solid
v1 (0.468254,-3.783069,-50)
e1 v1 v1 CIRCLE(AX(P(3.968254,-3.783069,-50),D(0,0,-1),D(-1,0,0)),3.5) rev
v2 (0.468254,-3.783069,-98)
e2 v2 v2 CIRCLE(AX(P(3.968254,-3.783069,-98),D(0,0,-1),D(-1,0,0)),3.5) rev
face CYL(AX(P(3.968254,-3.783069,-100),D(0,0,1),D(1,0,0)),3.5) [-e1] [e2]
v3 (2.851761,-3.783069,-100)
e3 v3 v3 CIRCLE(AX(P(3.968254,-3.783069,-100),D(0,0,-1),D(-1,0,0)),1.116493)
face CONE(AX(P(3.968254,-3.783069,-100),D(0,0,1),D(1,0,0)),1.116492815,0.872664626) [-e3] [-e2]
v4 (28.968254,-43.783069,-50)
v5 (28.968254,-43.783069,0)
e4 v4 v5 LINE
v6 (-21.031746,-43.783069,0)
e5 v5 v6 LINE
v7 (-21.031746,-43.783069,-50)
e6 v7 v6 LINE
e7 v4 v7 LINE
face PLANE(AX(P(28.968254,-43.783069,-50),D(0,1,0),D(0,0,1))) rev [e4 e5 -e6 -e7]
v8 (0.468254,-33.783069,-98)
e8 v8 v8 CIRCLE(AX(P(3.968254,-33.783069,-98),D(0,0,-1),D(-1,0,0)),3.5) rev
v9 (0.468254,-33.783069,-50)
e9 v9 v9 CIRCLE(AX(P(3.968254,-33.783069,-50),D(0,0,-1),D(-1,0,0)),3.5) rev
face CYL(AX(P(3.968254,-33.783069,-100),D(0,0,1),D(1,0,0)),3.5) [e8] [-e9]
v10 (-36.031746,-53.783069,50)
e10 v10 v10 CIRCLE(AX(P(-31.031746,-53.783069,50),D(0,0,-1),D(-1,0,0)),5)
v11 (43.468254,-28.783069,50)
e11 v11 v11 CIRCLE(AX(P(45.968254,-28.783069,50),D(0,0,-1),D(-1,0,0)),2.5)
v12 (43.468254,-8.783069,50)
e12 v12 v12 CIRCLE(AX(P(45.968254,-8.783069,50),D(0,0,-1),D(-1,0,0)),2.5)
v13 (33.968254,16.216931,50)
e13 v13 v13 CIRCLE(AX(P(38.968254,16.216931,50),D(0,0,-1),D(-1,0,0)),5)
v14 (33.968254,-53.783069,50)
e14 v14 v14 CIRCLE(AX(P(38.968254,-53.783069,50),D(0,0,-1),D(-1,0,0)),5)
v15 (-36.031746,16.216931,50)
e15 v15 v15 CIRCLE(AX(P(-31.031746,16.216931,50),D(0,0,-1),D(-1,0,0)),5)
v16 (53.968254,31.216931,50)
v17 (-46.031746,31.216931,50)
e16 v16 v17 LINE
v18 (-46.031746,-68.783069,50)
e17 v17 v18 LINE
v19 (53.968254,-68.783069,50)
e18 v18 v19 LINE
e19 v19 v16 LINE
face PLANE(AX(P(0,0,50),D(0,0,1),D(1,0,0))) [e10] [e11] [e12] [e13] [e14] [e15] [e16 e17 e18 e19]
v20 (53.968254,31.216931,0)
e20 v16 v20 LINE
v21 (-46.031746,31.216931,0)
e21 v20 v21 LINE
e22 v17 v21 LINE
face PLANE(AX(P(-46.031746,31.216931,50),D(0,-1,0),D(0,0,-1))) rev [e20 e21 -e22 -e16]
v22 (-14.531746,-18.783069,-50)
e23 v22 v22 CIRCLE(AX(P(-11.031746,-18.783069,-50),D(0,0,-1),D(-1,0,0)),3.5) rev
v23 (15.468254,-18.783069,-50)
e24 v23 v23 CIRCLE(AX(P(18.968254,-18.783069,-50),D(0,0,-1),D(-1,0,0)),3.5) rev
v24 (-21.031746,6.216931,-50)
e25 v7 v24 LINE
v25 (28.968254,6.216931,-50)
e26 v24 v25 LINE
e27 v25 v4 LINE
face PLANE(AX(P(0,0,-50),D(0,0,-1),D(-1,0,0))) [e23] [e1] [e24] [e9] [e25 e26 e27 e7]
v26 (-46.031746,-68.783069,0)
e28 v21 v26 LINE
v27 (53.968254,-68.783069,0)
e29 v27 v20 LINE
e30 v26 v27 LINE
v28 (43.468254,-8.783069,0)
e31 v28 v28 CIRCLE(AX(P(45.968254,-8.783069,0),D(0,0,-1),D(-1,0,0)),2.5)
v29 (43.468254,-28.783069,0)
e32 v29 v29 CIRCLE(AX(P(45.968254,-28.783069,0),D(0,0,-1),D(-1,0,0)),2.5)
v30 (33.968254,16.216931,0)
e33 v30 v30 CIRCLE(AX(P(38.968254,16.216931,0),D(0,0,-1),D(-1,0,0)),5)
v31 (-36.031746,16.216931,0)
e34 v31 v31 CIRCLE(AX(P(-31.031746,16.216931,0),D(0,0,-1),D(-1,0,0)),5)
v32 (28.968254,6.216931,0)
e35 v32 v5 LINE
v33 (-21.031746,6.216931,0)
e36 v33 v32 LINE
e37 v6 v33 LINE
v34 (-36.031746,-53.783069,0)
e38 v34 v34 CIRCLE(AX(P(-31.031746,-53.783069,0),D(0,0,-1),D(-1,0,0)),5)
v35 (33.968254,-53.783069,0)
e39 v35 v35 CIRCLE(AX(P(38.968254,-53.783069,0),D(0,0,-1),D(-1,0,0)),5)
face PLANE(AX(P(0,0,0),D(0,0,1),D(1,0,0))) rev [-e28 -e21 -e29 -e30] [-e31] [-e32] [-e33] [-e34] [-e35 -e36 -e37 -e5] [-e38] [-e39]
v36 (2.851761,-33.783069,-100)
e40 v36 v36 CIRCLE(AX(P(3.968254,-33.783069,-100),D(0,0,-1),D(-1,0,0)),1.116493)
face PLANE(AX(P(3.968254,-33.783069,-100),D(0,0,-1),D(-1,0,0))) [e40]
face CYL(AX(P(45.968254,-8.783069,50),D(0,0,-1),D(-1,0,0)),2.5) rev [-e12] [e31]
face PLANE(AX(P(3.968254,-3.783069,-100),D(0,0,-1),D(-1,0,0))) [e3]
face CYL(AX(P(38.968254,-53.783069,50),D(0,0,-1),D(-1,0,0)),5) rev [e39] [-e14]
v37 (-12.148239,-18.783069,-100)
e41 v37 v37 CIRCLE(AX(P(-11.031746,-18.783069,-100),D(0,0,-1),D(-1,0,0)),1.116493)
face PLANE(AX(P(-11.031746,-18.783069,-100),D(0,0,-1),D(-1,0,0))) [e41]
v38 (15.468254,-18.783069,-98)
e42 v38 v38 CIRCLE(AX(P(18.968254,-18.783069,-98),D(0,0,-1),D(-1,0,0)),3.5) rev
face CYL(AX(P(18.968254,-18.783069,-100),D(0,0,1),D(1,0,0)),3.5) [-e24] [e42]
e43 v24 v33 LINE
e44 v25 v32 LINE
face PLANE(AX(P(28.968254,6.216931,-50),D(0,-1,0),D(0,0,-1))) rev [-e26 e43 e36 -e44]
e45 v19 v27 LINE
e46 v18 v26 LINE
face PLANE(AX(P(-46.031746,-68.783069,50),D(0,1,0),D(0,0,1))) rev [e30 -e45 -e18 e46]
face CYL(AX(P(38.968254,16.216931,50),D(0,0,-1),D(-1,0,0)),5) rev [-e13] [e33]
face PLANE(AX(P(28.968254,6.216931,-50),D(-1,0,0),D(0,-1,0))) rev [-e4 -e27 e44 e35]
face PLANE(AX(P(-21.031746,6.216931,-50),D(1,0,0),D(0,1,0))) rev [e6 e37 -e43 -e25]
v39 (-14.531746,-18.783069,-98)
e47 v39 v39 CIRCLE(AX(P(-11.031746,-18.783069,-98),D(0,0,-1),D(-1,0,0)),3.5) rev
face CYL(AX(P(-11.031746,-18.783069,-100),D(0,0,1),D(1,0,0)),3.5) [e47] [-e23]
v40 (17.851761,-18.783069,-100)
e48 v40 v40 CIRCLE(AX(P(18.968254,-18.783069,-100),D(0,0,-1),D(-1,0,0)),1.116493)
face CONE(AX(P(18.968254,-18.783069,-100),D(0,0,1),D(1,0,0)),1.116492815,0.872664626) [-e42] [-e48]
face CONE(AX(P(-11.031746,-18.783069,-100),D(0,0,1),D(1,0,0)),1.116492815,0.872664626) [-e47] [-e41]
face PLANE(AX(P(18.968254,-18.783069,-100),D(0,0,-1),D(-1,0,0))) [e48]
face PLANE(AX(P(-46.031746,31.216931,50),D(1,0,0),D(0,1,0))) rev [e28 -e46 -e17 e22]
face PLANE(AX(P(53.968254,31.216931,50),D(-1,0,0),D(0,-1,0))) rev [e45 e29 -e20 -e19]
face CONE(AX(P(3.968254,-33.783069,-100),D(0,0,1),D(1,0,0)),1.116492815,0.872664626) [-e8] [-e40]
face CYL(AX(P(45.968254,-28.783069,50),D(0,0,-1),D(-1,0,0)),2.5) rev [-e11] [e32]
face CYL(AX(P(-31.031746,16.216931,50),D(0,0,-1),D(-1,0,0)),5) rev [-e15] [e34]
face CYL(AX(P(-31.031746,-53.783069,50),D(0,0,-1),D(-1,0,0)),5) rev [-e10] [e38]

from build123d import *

# Parameters (mm, degrees)
SKETCH_1_W             = 100
SKETCH_1_H             = 100
EXTRUDE_1_DEPTH        = 50
SKETCH_2_R             = 5
CUT_EXTRUDE_1_DEPTH    = 51
SKETCH_4_R             = 2.5
CUT_EXTRUDE_2_DEPTH    = 51
SKETCH_5_W             = 50
SKETCH_5_H             = 50
EXTRUDE_3_DEPTH        = 50
SKETCH_3_R             = 3.5
EXTRUDE_4_DEPTH        = 100
CHAMFER_4_SIZE         = 2
CHAMFER_4_SIZE2        = 2.383507185
CHAMFER_4_PART_2_SIZE  = 2
CHAMFER_4_PART_2_SIZE2 = 2.383507185
CHAMFER_4_PART_3_SIZE  = 2
CHAMFER_4_PART_3_SIZE2 = 2.383507185
CHAMFER_4_PART_4_SIZE  = 2
CHAMFER_4_PART_4_SIZE2 = 2.383507185


with BuildPart() as part:
    # 草图1 → 凸台-拉伸1 (new body)
    with BuildSketch(Plane.XY):
        with Locations((3.968253968, -18.783068783)):
            Rectangle(SKETCH_1_W, SKETCH_1_H)
    extrude(amount=EXTRUDE_1_DEPTH)

    # 草图2 → 切除-拉伸1 (cut, through all)
    with BuildSketch(Plane(origin=(0, 0, 0), x_dir=(-1, 0, 0), z_dir=(0, 0, -1))):
        with Locations((-38.968253968, 16.216931217)):
            Circle(SKETCH_2_R)
        with Locations((31.031746032, 16.216931217)):
            Circle(SKETCH_2_R)
        with Locations((-38.968253968, -53.783068783)):
            Circle(SKETCH_2_R)
        with Locations((31.031746032, -53.783068783)):
            Circle(SKETCH_2_R)
    extrude(amount=-CUT_EXTRUDE_1_DEPTH, mode=Mode.SUBTRACT)

    # 草图4 → 切除-拉伸2 (cut, through all)
    with BuildSketch(Plane(origin=(0, 0, 0), x_dir=(-1, 0, 0), z_dir=(0, 0, -1))):
        with Locations((-45.968253968, -8.783068783)):
            Circle(SKETCH_4_R)
        with Locations((-45.968253968, -28.783068783)):
            Circle(SKETCH_4_R)
    extrude(amount=-CUT_EXTRUDE_2_DEPTH, mode=Mode.SUBTRACT)

    # 草图5 → 凸台-拉伸3 (add)
    with BuildSketch(Plane(origin=(0, 0, 0), x_dir=(-1, 0, 0), z_dir=(0, 0, -1))):
        with Locations((-3.968253968, -18.783068783)):
            Rectangle(SKETCH_5_W, SKETCH_5_H)
    extrude(amount=EXTRUDE_3_DEPTH)

    # 草图3 → 凸台-拉伸4 (add)
    with BuildSketch(Plane(origin=(0, 0, 0), x_dir=(-1, 0, 0), z_dir=(0, 0, -1))):
        with Locations((-3.968253968, -3.783068783)):
            Circle(SKETCH_3_R)
        with Locations((-18.968253968, -18.783068783)):
            Circle(SKETCH_3_R)
        with Locations((-3.968253968, -33.783068783)):
            Circle(SKETCH_3_R)
        with Locations((11.031746032, -18.783068783)):
            Circle(SKETCH_3_R)
    extrude(amount=EXTRUDE_4_DEPTH)

    # 倒角4
    chamfer_4_edges = [part.edges().sort_by_distance(p)[0] for p in [
        (7.468253968, -3.783068783, -100),
    ]]
    chamfer_4_side = [part.faces().sort_by_distance(p)[0] for p in [
        (7.468253968, -3.783068783, -75),
    ]]
    chamfer(chamfer_4_edges, length=CHAMFER_4_SIZE, length2=CHAMFER_4_SIZE2, reference=chamfer_4_side[0])

    # 倒角4 part 2
    chamfer_4_part_2_edges = [part.edges().sort_by_distance(p)[0] for p in [
        (22.468253968, -18.783068783, -100),
    ]]
    chamfer_4_part_2_side = [part.faces().sort_by_distance(p)[0] for p in [
        (22.468253968, -18.783068783, -75),
    ]]
    chamfer(chamfer_4_part_2_edges, length=CHAMFER_4_PART_2_SIZE, length2=CHAMFER_4_PART_2_SIZE2, reference=chamfer_4_part_2_side[0])

    # 倒角4 part 3
    chamfer_4_part_3_edges = [part.edges().sort_by_distance(p)[0] for p in [
        (7.468253968, -33.783068783, -100),
    ]]
    chamfer_4_part_3_side = [part.faces().sort_by_distance(p)[0] for p in [
        (7.468253968, -33.783068783, -75),
    ]]
    chamfer(chamfer_4_part_3_edges, length=CHAMFER_4_PART_3_SIZE, length2=CHAMFER_4_PART_3_SIZE2, reference=chamfer_4_part_3_side[0])

    # 倒角4 part 4
    chamfer_4_part_4_edges = [part.edges().sort_by_distance(p)[0] for p in [
        (-7.531746032, -18.783068783, -100),
    ]]
    chamfer_4_part_4_side = [part.faces().sort_by_distance(p)[0] for p in [
        (-7.531746032, -18.783068783, -75),
    ]]
    chamfer(chamfer_4_part_4_edges, length=CHAMFER_4_PART_4_SIZE, length2=CHAMFER_4_PART_4_SIZE2, reference=chamfer_4_part_4_side[0])


solid = part.part
